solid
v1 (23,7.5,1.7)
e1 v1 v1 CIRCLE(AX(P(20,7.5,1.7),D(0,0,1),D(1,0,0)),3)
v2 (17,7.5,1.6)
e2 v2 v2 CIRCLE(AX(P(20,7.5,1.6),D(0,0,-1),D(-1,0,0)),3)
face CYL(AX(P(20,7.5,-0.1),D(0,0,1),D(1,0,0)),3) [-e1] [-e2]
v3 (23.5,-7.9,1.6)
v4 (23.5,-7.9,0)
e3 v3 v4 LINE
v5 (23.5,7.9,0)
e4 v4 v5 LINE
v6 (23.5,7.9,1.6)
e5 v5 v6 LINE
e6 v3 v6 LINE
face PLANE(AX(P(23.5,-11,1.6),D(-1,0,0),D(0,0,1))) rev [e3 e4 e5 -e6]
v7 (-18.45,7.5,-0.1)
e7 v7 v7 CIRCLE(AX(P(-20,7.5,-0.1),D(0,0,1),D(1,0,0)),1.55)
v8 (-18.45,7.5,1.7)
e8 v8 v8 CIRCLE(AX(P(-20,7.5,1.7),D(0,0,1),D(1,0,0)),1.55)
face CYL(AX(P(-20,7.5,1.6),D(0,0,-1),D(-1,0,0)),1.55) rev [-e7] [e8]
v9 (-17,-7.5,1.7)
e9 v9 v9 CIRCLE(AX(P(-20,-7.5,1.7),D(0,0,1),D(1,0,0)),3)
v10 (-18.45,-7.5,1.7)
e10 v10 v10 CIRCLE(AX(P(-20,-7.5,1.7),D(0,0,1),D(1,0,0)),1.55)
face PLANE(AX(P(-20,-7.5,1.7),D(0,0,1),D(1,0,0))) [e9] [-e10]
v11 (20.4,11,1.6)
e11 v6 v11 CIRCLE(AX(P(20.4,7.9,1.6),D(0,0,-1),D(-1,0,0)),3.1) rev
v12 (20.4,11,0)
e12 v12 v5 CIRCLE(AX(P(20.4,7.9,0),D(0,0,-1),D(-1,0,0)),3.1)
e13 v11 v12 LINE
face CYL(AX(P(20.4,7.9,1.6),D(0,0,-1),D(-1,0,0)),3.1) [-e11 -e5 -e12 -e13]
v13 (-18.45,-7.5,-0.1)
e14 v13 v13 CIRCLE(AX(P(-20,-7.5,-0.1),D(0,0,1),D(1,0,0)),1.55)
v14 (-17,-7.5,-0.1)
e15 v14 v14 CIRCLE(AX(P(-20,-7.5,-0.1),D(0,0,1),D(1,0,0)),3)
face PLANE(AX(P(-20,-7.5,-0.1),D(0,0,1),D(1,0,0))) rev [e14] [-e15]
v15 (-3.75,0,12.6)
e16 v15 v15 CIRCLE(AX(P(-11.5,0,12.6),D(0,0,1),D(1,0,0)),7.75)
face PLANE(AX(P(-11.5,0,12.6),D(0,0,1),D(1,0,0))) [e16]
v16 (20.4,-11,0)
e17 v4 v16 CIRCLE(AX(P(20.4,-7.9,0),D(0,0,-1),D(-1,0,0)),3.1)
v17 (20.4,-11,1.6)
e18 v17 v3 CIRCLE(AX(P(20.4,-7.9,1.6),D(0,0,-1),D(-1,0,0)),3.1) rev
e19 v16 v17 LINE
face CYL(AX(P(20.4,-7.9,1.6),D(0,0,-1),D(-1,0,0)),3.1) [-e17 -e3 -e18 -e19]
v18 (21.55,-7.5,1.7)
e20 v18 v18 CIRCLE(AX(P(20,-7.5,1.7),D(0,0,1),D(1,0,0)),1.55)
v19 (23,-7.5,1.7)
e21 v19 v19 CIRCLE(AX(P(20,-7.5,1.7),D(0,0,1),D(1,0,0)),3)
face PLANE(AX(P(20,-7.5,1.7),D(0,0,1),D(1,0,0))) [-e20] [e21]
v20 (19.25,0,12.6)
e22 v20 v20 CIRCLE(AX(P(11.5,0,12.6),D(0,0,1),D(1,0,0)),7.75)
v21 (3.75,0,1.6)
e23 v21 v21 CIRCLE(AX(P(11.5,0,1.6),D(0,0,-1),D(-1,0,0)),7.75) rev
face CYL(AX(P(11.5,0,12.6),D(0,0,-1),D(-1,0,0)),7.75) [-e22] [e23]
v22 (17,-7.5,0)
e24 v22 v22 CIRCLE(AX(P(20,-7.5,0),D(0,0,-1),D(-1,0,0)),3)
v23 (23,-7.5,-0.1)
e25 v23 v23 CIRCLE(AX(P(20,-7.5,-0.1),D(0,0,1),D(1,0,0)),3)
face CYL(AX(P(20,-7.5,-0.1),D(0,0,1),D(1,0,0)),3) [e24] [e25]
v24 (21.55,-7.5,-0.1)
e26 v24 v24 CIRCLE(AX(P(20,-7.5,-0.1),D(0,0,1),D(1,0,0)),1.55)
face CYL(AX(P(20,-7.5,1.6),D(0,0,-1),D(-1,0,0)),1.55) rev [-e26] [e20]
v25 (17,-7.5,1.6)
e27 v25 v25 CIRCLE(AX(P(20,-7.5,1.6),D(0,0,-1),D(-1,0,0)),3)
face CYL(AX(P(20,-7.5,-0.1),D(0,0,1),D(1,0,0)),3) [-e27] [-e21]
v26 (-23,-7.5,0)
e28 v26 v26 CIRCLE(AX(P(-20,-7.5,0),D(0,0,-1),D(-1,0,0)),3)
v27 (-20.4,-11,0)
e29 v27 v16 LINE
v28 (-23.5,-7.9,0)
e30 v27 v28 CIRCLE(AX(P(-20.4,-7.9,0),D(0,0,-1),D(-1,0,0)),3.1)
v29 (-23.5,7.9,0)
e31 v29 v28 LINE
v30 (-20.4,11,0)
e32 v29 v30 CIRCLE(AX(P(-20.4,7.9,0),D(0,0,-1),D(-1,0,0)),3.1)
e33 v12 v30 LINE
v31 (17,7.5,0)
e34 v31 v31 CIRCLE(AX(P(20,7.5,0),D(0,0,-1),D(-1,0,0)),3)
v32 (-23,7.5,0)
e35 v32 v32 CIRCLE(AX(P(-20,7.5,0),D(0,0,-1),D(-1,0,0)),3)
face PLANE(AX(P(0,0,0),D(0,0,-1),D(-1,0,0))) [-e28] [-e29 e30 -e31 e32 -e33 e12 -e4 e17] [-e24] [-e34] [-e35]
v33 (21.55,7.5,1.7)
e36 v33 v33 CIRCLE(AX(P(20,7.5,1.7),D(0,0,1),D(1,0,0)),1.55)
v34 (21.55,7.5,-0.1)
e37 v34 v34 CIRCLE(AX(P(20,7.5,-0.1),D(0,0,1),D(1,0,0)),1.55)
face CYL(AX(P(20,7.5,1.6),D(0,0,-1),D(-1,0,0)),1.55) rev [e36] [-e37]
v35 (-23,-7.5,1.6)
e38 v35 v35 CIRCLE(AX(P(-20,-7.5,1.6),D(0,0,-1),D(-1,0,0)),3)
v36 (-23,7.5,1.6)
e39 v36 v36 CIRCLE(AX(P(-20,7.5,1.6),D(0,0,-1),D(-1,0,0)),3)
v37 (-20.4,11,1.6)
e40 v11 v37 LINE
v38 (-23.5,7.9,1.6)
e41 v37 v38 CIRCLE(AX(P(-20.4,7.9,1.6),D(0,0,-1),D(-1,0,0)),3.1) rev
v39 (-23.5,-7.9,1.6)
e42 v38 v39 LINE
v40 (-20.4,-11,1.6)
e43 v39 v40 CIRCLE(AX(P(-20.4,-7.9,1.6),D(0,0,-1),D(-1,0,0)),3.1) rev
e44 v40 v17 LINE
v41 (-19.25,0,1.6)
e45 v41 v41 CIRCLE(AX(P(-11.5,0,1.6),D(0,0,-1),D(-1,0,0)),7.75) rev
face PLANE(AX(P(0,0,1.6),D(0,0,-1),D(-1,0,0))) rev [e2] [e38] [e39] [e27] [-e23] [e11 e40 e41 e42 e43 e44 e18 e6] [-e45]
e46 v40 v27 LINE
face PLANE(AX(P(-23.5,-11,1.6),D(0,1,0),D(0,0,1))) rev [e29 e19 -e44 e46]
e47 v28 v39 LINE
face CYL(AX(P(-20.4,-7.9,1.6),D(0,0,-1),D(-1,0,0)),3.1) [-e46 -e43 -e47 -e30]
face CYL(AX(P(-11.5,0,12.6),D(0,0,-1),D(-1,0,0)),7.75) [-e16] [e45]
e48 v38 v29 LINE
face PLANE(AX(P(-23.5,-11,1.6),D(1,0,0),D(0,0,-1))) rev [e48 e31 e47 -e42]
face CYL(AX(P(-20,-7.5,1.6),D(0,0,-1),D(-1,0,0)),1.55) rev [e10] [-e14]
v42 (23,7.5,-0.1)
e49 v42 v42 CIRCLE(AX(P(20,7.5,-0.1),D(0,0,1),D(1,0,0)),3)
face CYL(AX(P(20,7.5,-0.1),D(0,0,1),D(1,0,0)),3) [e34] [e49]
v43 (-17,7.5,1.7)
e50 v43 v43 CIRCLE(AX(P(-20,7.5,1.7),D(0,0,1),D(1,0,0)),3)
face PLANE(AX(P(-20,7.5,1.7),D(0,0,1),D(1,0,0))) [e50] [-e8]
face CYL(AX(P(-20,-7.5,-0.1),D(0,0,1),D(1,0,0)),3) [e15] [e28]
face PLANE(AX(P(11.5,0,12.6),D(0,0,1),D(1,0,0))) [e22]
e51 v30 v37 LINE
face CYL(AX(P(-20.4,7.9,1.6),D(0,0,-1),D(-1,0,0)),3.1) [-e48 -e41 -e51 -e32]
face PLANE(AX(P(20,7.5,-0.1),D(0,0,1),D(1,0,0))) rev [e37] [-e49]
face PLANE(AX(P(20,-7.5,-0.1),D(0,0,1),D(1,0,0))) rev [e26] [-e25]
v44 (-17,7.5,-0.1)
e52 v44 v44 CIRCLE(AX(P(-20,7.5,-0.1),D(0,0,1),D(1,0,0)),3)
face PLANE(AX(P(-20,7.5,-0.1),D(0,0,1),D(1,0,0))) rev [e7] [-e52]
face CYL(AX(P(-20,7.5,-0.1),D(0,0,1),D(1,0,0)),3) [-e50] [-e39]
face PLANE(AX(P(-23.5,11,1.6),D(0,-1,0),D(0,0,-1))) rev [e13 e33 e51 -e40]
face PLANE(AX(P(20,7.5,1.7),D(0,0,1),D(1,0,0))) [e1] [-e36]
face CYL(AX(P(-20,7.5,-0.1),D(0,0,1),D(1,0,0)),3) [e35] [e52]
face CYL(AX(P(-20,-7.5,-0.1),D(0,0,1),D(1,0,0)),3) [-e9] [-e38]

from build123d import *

# Parameters (mm, degrees)
SKETCH1_W                = 47
SKETCH1_H                = 22
SKETCH1_R                = 1.55
BOSS_EXTRUDE1_DEPTH      = 1.6
FILLET1_R                = 3.1
BOSS_EXTRUDE4_DEPTH      = 0.1
BOSS_EXTRUDE4_DEPTH_BACK = 1.7
SKETCH2_R                = 3
SKETCH2_R_2              = 1.55
SKETCH3_R                = 7.75
BOSS_EXTRUDE8_DEPTH      = 11


with BuildPart() as part:
    # Sketch1 → Boss-Extrude1 (new body)
    with BuildSketch(Plane.XY):
        Rectangle(SKETCH1_W, SKETCH1_H)
        with Locations((-20, 7.5)):
            Circle(SKETCH1_R, mode=Mode.SUBTRACT)
        with Locations((20, 7.5)):
            Circle(SKETCH1_R, mode=Mode.SUBTRACT)
        with Locations((20, -7.5)):
            Circle(SKETCH1_R, mode=Mode.SUBTRACT)
        with Locations((-20, -7.5)):
            Circle(SKETCH1_R, mode=Mode.SUBTRACT)
    extrude(amount=BOSS_EXTRUDE1_DEPTH)

    # Fillet1
    fillet1_edges = [part.edges().sort_by_distance(p)[0] for p in [
        (23.5, -11, 0.8),
        (-23.5, -11, 0.8),
        (-23.5, 11, 0.8),
        (23.5, 11, 0.8),
    ]]
    fillet(fillet1_edges, radius=FILLET1_R)

    # Sketch2 → Boss-Extrude4 (add, two sides: drawn at the far end of the back side and taken through both)
    # profile 1 of 4: a face of its own
    with BuildSketch(Plane.XY.offset(1.6).offset(-BOSS_EXTRUDE4_DEPTH_BACK)):
        with Locations((-20, 7.5)):
            Circle(SKETCH2_R)
        with Locations((-20, 7.5)):
            Circle(SKETCH2_R_2, mode=Mode.SUBTRACT)
    # profile 2 of 4: a face of its own
    with BuildSketch(Plane.XY.offset(1.6).offset(-BOSS_EXTRUDE4_DEPTH_BACK)):
        with Locations((-20, -7.5)):
            Circle(SKETCH2_R)
        with Locations((-20, -7.5)):
            Circle(SKETCH2_R_2, mode=Mode.SUBTRACT)
    # profile 3 of 4: a face of its own
    with BuildSketch(Plane.XY.offset(1.6).offset(-BOSS_EXTRUDE4_DEPTH_BACK)):
        with Locations((20, 7.5)):
            Circle(SKETCH2_R)
        with Locations((20, 7.5)):
            Circle(SKETCH2_R_2, mode=Mode.SUBTRACT)
    # profile 4 of 4: a face of its own
    with BuildSketch(Plane.XY.offset(1.6).offset(-BOSS_EXTRUDE4_DEPTH_BACK)):
        with Locations((20, -7.5)):
            Circle(SKETCH2_R)
        with Locations((20, -7.5)):
            Circle(SKETCH2_R_2, mode=Mode.SUBTRACT)
    extrude(amount=BOSS_EXTRUDE4_DEPTH + BOSS_EXTRUDE4_DEPTH_BACK)

    # Sketch3 → Boss-Extrude8 (add)
    with BuildSketch(Plane.XY.offset(1.6)):
        with Locations(Location((11.5, 0, 0), (0, 0, 180))):
            Circle(SKETCH3_R)
        with Locations(Location((-11.5, 0, 0), (0, 0, 180))):
            Circle(SKETCH3_R)
    extrude(amount=BOSS_EXTRUDE8_DEPTH)


solid = part.part
